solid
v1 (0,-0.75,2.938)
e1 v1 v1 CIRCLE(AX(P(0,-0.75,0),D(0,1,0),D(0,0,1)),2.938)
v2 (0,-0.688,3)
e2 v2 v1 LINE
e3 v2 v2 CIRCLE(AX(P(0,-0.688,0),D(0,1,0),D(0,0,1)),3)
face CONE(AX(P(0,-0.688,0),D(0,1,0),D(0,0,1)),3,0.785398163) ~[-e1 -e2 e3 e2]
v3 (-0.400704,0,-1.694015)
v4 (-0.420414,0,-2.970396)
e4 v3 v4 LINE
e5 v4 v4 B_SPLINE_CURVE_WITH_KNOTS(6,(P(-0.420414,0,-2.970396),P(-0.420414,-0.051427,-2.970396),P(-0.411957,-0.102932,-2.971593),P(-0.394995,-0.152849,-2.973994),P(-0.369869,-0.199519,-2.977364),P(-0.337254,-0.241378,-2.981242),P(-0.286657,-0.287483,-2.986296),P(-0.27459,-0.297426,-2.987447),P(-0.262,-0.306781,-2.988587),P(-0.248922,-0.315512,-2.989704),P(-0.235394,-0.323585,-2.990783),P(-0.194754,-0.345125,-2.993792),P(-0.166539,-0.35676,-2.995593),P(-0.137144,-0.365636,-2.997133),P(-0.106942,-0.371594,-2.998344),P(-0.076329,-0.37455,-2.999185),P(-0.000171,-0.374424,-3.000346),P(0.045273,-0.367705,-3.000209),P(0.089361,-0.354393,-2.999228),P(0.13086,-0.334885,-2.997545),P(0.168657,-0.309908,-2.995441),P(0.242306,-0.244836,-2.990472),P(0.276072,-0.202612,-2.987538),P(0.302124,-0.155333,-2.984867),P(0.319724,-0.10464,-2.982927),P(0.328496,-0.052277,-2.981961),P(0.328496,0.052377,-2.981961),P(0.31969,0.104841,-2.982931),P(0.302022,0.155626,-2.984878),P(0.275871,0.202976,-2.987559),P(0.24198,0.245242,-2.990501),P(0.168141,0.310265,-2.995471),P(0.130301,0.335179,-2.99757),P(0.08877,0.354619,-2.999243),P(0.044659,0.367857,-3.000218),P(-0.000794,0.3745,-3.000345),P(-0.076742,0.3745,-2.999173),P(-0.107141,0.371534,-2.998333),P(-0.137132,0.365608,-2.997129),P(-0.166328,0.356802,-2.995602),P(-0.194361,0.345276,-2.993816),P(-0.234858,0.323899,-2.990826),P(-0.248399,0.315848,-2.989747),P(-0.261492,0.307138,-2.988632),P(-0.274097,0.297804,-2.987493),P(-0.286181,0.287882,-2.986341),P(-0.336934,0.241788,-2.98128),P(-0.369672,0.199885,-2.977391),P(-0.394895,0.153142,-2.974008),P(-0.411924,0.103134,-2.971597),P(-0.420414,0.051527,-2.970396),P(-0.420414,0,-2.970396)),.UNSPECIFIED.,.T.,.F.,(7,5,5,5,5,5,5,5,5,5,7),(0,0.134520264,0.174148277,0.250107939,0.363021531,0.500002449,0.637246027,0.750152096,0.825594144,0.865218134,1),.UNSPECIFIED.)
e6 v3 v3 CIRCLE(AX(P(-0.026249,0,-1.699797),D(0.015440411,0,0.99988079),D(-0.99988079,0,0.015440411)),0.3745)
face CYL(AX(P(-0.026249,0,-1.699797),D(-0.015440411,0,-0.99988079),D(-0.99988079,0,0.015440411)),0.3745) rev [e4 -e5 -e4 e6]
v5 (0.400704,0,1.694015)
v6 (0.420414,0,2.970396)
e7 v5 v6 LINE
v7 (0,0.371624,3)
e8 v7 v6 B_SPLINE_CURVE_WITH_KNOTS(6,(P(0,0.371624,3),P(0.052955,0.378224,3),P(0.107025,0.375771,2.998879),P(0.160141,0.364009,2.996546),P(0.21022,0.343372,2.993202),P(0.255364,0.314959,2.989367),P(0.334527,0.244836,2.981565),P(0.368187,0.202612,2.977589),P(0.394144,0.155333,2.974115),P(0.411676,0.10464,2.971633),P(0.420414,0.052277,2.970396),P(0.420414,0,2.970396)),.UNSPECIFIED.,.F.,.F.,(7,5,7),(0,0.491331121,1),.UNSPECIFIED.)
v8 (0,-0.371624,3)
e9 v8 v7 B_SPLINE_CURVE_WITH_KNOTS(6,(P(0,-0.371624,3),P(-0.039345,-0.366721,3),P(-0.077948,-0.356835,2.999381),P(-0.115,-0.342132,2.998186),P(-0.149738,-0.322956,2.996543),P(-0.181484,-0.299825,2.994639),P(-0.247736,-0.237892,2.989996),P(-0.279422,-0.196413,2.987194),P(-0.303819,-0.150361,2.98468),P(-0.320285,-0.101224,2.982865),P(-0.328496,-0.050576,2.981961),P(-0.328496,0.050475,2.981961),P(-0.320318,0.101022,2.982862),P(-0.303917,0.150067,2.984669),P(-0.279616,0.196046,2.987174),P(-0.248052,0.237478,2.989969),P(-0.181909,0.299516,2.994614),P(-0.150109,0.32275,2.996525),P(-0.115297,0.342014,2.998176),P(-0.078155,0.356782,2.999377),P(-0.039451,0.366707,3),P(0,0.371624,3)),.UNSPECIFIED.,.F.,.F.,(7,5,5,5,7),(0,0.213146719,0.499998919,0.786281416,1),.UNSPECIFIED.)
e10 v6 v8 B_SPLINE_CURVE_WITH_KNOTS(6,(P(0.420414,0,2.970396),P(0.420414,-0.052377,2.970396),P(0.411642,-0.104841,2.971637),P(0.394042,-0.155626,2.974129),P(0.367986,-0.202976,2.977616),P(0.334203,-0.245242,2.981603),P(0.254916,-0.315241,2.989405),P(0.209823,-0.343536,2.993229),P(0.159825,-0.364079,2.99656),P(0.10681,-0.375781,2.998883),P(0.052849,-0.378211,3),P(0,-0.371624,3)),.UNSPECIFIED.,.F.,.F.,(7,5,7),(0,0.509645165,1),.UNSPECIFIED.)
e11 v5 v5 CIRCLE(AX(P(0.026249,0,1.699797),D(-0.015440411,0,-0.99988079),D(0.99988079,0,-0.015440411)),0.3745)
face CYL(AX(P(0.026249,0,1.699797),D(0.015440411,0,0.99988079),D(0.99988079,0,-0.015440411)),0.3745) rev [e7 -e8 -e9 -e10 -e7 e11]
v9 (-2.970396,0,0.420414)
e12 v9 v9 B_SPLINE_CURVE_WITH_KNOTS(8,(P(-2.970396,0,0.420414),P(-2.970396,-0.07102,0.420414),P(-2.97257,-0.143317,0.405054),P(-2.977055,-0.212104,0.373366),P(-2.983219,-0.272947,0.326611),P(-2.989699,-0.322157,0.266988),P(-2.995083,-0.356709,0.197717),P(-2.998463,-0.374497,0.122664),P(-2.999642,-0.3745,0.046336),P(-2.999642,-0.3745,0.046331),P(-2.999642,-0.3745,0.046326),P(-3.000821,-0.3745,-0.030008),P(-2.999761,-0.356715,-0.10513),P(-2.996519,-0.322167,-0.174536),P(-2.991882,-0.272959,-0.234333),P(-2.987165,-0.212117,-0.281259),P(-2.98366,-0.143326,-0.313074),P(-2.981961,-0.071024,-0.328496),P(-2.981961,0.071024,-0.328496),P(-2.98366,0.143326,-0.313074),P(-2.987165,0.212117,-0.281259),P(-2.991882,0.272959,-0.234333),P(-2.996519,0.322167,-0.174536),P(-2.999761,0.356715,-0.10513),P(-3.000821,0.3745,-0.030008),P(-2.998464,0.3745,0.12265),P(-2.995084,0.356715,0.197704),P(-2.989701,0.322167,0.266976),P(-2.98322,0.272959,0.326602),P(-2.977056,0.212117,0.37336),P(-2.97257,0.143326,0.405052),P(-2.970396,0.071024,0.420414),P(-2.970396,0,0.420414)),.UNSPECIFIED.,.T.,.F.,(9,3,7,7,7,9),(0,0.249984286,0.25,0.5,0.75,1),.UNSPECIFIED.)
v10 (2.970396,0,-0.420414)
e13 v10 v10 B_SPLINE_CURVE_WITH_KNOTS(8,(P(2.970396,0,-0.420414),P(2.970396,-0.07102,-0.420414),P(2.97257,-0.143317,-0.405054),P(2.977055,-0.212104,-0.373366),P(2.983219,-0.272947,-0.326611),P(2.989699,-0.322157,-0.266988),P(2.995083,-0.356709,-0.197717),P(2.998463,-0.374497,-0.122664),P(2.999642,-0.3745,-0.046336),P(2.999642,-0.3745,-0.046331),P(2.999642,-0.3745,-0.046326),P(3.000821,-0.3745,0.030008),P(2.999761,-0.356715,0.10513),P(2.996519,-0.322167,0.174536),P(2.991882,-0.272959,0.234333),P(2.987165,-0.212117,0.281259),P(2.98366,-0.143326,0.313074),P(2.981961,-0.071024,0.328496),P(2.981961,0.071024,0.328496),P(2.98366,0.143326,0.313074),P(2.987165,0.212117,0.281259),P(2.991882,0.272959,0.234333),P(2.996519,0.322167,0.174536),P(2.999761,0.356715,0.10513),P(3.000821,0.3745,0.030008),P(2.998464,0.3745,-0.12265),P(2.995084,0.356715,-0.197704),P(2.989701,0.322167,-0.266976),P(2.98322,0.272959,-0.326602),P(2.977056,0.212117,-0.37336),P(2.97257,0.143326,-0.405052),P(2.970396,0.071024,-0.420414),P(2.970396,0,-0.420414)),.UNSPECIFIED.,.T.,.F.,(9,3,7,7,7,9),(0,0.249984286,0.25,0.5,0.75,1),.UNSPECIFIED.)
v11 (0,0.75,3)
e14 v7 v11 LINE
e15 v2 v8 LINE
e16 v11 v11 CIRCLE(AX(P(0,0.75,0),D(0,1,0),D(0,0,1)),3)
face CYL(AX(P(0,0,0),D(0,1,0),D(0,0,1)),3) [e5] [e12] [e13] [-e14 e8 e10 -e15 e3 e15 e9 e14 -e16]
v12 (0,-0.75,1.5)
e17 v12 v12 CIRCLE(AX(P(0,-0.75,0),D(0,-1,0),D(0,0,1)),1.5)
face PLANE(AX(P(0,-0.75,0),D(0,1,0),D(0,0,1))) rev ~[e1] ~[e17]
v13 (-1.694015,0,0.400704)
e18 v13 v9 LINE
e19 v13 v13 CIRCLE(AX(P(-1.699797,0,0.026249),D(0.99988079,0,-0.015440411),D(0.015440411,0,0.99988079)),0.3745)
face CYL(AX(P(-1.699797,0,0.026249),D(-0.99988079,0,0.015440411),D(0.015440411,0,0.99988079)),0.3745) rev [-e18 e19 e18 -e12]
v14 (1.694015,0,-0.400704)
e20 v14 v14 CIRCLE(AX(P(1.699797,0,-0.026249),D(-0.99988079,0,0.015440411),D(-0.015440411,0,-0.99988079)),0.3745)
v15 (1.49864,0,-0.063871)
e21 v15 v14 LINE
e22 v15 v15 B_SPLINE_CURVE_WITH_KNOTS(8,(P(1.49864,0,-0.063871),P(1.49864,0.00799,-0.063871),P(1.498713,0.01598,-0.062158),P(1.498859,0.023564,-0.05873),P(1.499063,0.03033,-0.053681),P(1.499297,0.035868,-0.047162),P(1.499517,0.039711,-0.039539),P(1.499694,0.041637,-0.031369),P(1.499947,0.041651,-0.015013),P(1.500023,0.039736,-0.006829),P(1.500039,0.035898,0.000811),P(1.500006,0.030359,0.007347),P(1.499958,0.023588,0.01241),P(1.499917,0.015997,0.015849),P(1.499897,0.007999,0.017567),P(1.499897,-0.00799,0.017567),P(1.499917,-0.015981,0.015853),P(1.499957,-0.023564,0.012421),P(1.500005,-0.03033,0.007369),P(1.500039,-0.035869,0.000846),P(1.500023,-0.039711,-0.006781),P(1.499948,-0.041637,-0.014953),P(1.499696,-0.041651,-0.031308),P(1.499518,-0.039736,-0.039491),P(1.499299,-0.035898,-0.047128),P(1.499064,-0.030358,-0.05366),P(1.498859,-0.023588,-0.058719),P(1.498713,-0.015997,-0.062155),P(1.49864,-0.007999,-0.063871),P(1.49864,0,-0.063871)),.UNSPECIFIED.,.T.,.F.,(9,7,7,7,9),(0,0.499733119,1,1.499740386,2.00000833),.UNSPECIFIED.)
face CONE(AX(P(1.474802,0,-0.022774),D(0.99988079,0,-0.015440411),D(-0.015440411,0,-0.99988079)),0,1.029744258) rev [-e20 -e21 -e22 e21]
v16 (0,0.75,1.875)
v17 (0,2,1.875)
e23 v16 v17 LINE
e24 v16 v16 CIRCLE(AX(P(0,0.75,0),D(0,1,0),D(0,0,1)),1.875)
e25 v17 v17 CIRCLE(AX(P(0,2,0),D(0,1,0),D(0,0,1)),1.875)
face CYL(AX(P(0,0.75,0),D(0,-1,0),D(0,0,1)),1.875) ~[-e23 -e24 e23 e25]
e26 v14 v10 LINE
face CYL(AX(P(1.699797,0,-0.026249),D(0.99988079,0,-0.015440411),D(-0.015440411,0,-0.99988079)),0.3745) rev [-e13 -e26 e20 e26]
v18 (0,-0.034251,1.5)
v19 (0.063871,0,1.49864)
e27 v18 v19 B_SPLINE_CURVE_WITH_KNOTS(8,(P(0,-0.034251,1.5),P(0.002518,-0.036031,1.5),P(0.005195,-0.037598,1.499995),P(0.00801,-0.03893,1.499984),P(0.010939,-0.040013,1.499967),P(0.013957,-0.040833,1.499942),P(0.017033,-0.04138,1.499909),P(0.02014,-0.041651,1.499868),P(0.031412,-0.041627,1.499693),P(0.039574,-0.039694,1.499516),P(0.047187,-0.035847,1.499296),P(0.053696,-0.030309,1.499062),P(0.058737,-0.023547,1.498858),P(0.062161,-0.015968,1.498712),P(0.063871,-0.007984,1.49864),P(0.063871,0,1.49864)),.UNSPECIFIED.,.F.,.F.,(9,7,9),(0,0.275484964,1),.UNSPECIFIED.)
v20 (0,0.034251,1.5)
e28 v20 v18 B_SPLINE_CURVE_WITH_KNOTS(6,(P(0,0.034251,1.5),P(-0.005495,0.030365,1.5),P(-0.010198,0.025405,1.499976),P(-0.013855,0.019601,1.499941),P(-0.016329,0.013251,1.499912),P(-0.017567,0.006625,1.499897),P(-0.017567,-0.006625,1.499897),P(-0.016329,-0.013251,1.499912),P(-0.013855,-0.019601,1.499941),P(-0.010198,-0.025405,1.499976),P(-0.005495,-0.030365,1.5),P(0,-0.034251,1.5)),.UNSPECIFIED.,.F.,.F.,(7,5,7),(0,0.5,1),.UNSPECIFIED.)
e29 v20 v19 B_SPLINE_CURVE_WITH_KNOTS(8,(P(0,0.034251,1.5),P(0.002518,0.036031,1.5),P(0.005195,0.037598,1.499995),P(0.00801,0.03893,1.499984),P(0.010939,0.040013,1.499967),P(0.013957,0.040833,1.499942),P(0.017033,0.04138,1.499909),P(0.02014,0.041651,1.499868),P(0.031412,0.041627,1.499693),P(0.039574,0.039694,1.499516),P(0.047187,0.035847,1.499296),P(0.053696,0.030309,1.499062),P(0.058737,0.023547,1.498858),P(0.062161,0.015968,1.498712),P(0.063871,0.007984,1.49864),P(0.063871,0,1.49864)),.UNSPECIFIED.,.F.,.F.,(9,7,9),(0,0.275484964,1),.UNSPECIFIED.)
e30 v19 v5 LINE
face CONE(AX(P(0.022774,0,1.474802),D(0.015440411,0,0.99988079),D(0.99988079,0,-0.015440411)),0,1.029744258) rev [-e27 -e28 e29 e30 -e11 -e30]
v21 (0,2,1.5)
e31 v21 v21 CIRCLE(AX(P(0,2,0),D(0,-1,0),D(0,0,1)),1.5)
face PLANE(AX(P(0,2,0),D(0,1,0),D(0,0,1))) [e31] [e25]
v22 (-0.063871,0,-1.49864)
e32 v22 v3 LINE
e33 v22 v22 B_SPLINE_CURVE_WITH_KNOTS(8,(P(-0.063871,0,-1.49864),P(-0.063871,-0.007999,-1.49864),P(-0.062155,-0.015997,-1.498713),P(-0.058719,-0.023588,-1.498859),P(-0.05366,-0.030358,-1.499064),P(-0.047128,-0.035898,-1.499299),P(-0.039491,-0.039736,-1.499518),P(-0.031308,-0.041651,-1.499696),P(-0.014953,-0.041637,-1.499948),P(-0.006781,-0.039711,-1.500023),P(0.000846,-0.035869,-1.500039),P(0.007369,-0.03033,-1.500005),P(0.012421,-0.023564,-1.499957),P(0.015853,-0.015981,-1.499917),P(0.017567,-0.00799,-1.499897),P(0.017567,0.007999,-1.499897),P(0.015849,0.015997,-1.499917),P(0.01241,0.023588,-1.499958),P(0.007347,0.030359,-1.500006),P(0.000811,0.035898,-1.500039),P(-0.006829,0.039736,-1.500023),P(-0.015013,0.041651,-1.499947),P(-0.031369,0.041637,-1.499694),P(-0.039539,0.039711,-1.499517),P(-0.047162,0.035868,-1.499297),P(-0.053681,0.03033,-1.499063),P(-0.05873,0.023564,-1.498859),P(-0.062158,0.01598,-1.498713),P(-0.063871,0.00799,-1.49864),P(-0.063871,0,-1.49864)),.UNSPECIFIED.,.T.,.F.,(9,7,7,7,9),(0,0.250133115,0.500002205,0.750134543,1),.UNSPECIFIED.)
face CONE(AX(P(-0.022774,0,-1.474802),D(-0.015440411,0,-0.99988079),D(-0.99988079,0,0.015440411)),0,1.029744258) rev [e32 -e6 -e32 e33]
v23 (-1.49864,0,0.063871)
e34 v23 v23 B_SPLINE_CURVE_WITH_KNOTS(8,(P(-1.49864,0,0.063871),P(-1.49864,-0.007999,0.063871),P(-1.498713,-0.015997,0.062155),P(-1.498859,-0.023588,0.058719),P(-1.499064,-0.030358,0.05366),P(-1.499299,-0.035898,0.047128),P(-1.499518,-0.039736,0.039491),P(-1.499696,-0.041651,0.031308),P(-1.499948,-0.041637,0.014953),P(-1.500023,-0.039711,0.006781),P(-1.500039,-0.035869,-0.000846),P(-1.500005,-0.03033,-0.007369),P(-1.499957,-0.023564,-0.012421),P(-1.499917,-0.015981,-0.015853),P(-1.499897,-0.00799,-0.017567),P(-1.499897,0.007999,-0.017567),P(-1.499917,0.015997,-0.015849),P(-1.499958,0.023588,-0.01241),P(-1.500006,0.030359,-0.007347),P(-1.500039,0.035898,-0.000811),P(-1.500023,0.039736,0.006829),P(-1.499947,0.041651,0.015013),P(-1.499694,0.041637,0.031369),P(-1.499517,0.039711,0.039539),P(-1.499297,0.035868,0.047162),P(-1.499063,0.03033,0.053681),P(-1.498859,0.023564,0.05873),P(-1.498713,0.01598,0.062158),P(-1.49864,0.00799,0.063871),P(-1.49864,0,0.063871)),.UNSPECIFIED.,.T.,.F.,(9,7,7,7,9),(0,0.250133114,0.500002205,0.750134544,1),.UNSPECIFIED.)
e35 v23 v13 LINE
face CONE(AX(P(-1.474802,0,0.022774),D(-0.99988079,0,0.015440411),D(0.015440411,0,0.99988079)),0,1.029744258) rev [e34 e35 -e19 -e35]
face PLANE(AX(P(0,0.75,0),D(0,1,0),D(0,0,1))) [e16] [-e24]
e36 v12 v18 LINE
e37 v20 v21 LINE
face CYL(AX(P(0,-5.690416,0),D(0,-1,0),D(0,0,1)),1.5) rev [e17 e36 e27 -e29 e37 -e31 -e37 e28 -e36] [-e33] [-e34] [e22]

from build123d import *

# Parameters (mm, degrees)
SKETCH1_R               = 3
BOSS_EXTRUDE1_DEPTH     = 0.75
BOSS_EXTRUDE2_START     = 0.75
SKETCH1_3_R             = 1.875
BOSS_EXTRUDE2_DEPTH     = 1.25
CUT_EXTRUDE1_DEPTH      = 5.69041576
CUT_EXTRUDE1_DEPTH_BACK = 5.69041576
SKETCH1_4_R             = 1.5
CIRPATTERN1_COUNT       = 4
CHAMFER1_SIZE           = 0.062


with BuildPart() as part:
    # Sketch1 → Boss-Extrude1 (new, symmetric)
    with BuildSketch(Plane(origin=(0, 0, 0), x_dir=(1, 0, 0), z_dir=(0, 1, 0))):
        Circle(SKETCH1_R)
    extrude(amount=BOSS_EXTRUDE1_DEPTH, both=True)

    # Sketch1<3> → Boss-Extrude2 (add)
    with BuildSketch(Plane(origin=(0, 0, 0), x_dir=(1, 0, 0), z_dir=(0, 1, 0)).offset(BOSS_EXTRUDE2_START)):
        Circle(SKETCH1_3_R)
    extrude(amount=BOSS_EXTRUDE2_DEPTH)

    # Sketch1<4> → Cut-Extrude1 (cut, two sides: drawn at the far end of the back side and taken through both)
    with BuildSketch(Plane(origin=(0, 0, 0), x_dir=(1, 0, 0), z_dir=(0, 1, 0)).offset(-CUT_EXTRUDE1_DEPTH_BACK)):
        Circle(SKETCH1_4_R)
    extrude(amount=CUT_EXTRUDE1_DEPTH + CUT_EXTRUDE1_DEPTH_BACK, mode=Mode.SUBTRACT)

    # Sketch4 → Ø1.0mm Dowel Hole1 (revolve, cut)
    with BuildSketch(Plane(origin=(0.046321233, 0, 2.999642369), x_dir=(0.999880789746526, 0, -0.015440411129998149), z_dir=(0, 1, 0))):
        Polygon((0, 0), (0, 1.525022302), (0.3745, 1.3), (0.3745, 0), align=None)
    f_1_0mm_dowel_hole1 = revolve(axis=Axis((0.144367844, 0, 9.348885384), (-0.015440411129998149, 0, -0.999880789746526)), mode=Mode.SUBTRACT)

    # CirPattern1: Ø1.0mm Dowel Hole1 ×4 about axis
    cirpattern1_axis = Axis((0, 0.75, 0), (0, 1, 0))
    for i in range(1, CIRPATTERN1_COUNT):
        add(f_1_0mm_dowel_hole1.rotate(cirpattern1_axis, i * 360 / CIRPATTERN1_COUNT), mode=Mode.SUBTRACT)

    # Chamfer1
    chamfer1_edges = [part.edges().sort_by_distance(p)[0] for p in [
        (-3, -0.75, 0),
    ]]
    chamfer(chamfer1_edges, length=CHAMFER1_SIZE)


solid = part.part
